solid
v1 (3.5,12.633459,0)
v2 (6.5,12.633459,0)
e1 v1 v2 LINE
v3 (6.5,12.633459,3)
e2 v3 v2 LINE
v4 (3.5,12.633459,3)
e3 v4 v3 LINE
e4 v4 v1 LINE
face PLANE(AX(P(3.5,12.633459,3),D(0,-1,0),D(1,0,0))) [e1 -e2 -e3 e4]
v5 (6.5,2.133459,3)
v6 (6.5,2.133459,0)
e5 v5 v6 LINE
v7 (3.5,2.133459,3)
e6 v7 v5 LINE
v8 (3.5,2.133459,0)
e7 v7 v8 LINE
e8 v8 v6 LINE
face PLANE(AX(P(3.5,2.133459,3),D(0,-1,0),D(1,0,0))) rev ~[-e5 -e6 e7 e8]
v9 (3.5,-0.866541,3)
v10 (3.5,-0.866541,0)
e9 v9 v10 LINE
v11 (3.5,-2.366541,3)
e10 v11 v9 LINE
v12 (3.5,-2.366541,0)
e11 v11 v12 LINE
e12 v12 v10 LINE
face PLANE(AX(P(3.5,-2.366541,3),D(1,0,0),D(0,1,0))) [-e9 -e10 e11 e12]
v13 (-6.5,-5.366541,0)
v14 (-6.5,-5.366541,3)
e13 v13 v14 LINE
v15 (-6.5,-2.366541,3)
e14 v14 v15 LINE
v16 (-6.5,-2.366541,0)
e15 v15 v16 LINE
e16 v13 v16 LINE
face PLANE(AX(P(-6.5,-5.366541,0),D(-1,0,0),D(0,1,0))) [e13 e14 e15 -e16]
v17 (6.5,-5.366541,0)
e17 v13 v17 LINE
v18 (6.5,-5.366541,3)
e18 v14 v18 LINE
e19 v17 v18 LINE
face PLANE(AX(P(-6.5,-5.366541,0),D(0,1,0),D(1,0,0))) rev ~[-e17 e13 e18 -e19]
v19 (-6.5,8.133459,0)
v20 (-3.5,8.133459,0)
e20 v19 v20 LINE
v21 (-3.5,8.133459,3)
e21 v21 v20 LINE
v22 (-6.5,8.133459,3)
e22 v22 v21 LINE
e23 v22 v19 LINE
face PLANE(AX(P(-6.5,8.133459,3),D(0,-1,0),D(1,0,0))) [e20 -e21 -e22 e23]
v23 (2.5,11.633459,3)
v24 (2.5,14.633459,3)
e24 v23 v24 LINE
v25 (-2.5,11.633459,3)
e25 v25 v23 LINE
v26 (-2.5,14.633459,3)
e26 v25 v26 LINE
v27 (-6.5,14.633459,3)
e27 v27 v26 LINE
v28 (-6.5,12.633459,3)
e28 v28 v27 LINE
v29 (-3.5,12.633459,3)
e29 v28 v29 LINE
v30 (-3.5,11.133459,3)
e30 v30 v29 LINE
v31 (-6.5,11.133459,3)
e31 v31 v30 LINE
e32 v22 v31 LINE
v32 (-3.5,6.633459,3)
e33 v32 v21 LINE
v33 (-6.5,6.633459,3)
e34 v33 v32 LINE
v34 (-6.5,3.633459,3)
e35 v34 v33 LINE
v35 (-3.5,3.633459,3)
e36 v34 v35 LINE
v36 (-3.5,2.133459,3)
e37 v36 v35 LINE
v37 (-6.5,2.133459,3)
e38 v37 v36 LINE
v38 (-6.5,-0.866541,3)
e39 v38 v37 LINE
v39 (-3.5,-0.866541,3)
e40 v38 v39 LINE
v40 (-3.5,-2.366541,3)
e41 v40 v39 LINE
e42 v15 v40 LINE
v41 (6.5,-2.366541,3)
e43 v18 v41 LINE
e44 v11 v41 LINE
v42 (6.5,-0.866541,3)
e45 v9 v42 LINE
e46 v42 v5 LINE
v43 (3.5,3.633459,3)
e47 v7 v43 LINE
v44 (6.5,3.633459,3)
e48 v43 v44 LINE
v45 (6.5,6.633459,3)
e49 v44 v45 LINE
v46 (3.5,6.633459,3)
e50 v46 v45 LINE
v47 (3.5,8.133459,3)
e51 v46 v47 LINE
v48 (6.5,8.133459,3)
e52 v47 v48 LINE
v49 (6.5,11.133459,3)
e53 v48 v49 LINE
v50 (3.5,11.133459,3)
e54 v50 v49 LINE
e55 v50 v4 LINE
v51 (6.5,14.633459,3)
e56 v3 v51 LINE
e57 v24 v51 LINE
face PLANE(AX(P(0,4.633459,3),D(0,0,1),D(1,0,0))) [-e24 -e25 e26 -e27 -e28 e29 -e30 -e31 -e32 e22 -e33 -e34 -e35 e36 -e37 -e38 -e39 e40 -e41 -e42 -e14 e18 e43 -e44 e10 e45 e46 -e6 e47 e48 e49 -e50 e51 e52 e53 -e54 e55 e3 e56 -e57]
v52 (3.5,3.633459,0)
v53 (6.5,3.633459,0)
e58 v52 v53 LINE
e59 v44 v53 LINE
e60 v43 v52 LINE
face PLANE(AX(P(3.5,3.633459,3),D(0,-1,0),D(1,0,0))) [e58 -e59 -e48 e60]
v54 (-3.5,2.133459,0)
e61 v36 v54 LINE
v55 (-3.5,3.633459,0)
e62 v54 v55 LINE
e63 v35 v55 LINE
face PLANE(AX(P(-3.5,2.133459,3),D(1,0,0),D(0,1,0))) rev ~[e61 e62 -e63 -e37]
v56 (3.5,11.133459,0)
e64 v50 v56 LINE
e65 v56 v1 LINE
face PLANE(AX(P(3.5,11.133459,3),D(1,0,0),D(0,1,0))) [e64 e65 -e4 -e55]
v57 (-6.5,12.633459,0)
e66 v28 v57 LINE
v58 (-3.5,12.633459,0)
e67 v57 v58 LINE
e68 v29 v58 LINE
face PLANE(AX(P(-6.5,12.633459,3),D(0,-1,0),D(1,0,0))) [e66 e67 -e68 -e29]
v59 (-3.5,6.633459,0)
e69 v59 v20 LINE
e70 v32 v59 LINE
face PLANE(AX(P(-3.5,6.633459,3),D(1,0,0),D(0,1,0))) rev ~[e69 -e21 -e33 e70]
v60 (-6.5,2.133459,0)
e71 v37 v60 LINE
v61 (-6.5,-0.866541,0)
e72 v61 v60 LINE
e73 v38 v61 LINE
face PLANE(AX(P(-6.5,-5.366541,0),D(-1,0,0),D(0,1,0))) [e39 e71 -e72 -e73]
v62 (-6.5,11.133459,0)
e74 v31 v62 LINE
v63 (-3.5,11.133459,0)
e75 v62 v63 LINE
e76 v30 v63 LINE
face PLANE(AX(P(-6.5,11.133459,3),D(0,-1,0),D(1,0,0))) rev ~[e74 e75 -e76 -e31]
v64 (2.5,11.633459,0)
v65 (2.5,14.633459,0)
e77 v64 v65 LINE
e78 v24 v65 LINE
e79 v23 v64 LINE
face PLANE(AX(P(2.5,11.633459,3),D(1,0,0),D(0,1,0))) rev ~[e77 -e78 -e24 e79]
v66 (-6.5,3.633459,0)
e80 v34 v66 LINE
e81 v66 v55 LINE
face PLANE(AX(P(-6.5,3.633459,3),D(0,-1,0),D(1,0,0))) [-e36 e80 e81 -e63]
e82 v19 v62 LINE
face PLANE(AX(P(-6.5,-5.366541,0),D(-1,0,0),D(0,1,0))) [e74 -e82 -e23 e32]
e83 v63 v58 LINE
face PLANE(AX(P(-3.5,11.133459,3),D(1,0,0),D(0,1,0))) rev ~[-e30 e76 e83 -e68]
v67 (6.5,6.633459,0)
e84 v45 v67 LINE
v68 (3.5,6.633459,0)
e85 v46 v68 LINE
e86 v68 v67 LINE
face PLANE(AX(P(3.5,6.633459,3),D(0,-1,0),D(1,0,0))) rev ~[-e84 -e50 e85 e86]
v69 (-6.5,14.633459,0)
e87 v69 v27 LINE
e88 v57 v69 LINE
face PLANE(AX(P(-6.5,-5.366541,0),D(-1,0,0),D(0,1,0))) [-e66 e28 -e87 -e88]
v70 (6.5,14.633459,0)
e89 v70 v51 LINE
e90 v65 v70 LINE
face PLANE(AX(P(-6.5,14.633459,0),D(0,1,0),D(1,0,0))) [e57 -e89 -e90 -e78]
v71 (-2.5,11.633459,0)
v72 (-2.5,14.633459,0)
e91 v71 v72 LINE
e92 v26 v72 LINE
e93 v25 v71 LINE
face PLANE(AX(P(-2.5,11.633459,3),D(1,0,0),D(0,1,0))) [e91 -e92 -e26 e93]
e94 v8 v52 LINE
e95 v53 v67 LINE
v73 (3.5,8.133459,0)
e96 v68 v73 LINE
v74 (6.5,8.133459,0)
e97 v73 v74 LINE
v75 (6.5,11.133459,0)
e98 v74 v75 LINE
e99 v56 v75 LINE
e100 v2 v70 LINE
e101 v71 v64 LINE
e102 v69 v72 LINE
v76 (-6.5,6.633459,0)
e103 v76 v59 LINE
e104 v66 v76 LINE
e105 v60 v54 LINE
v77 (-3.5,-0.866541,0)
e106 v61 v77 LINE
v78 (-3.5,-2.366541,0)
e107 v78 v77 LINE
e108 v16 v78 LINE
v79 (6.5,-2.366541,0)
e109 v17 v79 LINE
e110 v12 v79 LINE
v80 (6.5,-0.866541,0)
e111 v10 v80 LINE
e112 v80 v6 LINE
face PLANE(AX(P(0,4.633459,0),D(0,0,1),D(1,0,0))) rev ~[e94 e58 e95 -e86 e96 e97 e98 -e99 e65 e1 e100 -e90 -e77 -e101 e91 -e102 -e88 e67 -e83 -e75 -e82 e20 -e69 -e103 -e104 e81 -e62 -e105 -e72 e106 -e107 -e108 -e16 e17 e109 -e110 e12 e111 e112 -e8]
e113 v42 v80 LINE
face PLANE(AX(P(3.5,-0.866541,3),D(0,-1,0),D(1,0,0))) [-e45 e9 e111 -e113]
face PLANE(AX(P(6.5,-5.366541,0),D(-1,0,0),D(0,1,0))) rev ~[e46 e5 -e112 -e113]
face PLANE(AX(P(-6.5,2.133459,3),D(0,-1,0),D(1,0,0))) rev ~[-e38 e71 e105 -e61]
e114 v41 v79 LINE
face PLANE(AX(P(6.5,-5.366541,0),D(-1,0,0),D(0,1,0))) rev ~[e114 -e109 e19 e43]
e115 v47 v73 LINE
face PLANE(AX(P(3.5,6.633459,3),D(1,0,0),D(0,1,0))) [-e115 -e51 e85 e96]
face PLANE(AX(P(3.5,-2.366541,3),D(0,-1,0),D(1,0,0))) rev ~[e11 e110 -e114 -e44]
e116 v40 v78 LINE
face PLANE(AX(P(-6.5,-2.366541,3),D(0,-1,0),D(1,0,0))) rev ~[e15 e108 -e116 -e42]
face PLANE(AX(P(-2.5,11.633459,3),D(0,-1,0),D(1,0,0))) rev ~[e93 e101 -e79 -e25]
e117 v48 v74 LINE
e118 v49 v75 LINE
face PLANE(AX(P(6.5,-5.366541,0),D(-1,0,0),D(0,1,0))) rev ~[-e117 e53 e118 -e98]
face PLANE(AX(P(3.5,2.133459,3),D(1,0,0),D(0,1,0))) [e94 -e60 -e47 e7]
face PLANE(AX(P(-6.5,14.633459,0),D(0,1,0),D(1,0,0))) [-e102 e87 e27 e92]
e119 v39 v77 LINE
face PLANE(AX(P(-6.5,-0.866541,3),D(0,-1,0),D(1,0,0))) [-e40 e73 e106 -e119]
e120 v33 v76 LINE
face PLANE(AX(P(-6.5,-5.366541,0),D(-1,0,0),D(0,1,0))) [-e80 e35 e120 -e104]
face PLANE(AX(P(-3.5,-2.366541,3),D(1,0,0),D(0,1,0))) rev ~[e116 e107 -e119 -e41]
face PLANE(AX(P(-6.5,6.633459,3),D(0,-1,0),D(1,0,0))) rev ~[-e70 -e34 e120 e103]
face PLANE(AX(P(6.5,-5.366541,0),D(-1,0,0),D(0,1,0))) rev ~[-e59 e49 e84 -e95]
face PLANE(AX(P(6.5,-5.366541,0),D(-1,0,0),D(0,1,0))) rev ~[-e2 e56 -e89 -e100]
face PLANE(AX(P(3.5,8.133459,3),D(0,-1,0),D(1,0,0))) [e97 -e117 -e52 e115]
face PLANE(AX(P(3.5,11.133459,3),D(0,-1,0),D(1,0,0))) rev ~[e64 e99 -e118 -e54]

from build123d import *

# Parameters (mm, degrees)
SKETCH1_W           = 13
SKETCH1_H           = 20
BOSS_EXTRUDE1_DEPTH = 3
SKETCH2_W           = 3
SKETCH2_H           = 1.5
CUT_EXTRUDE1_DEPTH  = 3
SKETCH3_W           = 3
SKETCH3_H           = 1.5
CUT_EXTRUDE2_DEPTH  = 3
SKETCH5_W           = 5
SKETCH5_H           = 3
CUT_EXTRUDE6_DEPTH  = 3
SKETCH6_W           = 3
SKETCH6_H           = 1.5
CUT_EXTRUDE7_DEPTH  = 10


with BuildPart() as part:
    # Sketch1 → Boss-Extrude1 (new body)
    with BuildSketch(Plane.XY):
        with Locations((0, 4.633458647)):
            Rectangle(SKETCH1_W, SKETCH1_H)
    extrude(amount=BOSS_EXTRUDE1_DEPTH)

    # Sketch2 → Cut-Extrude1 (cut)
    with BuildSketch(Plane.XY.offset(3)):
        with Locations((-5, 11.883458647)):
            Rectangle(SKETCH2_W, SKETCH2_H)
        with Locations((-5, 7.383458647)):
            Rectangle(SKETCH2_W, SKETCH2_H)
    extrude(amount=-CUT_EXTRUDE1_DEPTH, mode=Mode.SUBTRACT)

    # Sketch3 → Cut-Extrude2 (cut)
    with BuildSketch(Plane.XY.offset(3)):
        with Locations((5, 11.883458647)):
            Rectangle(SKETCH3_W, SKETCH3_H)
        with Locations((5, 7.383458647)):
            Rectangle(SKETCH3_W, SKETCH3_H)
    extrude(amount=-CUT_EXTRUDE2_DEPTH, mode=Mode.SUBTRACT)

    # Sketch5 → Cut-Extrude6 (cut)
    with BuildSketch(Plane.XY.offset(3)):
        with Locations((0, 13.133458647)):
            Rectangle(SKETCH5_W, SKETCH5_H)
    extrude(amount=-CUT_EXTRUDE6_DEPTH, mode=Mode.SUBTRACT)

    # Sketch6 → Cut-Extrude7 (cut)
    with BuildSketch(Plane.XY.offset(3)):
        with Locations((-5, 2.883458647)):
            Rectangle(SKETCH6_W, SKETCH6_H)
        with Locations((-5, -1.616541353)):
            Rectangle(SKETCH6_W, SKETCH6_H)
        with Locations((5, 2.883458647)):
            Rectangle(SKETCH6_W, SKETCH6_H)
        with Locations((5, -1.616541353)):
            Rectangle(SKETCH6_W, SKETCH6_H)
    extrude(amount=-CUT_EXTRUDE7_DEPTH, mode=Mode.SUBTRACT)


solid = part.part
